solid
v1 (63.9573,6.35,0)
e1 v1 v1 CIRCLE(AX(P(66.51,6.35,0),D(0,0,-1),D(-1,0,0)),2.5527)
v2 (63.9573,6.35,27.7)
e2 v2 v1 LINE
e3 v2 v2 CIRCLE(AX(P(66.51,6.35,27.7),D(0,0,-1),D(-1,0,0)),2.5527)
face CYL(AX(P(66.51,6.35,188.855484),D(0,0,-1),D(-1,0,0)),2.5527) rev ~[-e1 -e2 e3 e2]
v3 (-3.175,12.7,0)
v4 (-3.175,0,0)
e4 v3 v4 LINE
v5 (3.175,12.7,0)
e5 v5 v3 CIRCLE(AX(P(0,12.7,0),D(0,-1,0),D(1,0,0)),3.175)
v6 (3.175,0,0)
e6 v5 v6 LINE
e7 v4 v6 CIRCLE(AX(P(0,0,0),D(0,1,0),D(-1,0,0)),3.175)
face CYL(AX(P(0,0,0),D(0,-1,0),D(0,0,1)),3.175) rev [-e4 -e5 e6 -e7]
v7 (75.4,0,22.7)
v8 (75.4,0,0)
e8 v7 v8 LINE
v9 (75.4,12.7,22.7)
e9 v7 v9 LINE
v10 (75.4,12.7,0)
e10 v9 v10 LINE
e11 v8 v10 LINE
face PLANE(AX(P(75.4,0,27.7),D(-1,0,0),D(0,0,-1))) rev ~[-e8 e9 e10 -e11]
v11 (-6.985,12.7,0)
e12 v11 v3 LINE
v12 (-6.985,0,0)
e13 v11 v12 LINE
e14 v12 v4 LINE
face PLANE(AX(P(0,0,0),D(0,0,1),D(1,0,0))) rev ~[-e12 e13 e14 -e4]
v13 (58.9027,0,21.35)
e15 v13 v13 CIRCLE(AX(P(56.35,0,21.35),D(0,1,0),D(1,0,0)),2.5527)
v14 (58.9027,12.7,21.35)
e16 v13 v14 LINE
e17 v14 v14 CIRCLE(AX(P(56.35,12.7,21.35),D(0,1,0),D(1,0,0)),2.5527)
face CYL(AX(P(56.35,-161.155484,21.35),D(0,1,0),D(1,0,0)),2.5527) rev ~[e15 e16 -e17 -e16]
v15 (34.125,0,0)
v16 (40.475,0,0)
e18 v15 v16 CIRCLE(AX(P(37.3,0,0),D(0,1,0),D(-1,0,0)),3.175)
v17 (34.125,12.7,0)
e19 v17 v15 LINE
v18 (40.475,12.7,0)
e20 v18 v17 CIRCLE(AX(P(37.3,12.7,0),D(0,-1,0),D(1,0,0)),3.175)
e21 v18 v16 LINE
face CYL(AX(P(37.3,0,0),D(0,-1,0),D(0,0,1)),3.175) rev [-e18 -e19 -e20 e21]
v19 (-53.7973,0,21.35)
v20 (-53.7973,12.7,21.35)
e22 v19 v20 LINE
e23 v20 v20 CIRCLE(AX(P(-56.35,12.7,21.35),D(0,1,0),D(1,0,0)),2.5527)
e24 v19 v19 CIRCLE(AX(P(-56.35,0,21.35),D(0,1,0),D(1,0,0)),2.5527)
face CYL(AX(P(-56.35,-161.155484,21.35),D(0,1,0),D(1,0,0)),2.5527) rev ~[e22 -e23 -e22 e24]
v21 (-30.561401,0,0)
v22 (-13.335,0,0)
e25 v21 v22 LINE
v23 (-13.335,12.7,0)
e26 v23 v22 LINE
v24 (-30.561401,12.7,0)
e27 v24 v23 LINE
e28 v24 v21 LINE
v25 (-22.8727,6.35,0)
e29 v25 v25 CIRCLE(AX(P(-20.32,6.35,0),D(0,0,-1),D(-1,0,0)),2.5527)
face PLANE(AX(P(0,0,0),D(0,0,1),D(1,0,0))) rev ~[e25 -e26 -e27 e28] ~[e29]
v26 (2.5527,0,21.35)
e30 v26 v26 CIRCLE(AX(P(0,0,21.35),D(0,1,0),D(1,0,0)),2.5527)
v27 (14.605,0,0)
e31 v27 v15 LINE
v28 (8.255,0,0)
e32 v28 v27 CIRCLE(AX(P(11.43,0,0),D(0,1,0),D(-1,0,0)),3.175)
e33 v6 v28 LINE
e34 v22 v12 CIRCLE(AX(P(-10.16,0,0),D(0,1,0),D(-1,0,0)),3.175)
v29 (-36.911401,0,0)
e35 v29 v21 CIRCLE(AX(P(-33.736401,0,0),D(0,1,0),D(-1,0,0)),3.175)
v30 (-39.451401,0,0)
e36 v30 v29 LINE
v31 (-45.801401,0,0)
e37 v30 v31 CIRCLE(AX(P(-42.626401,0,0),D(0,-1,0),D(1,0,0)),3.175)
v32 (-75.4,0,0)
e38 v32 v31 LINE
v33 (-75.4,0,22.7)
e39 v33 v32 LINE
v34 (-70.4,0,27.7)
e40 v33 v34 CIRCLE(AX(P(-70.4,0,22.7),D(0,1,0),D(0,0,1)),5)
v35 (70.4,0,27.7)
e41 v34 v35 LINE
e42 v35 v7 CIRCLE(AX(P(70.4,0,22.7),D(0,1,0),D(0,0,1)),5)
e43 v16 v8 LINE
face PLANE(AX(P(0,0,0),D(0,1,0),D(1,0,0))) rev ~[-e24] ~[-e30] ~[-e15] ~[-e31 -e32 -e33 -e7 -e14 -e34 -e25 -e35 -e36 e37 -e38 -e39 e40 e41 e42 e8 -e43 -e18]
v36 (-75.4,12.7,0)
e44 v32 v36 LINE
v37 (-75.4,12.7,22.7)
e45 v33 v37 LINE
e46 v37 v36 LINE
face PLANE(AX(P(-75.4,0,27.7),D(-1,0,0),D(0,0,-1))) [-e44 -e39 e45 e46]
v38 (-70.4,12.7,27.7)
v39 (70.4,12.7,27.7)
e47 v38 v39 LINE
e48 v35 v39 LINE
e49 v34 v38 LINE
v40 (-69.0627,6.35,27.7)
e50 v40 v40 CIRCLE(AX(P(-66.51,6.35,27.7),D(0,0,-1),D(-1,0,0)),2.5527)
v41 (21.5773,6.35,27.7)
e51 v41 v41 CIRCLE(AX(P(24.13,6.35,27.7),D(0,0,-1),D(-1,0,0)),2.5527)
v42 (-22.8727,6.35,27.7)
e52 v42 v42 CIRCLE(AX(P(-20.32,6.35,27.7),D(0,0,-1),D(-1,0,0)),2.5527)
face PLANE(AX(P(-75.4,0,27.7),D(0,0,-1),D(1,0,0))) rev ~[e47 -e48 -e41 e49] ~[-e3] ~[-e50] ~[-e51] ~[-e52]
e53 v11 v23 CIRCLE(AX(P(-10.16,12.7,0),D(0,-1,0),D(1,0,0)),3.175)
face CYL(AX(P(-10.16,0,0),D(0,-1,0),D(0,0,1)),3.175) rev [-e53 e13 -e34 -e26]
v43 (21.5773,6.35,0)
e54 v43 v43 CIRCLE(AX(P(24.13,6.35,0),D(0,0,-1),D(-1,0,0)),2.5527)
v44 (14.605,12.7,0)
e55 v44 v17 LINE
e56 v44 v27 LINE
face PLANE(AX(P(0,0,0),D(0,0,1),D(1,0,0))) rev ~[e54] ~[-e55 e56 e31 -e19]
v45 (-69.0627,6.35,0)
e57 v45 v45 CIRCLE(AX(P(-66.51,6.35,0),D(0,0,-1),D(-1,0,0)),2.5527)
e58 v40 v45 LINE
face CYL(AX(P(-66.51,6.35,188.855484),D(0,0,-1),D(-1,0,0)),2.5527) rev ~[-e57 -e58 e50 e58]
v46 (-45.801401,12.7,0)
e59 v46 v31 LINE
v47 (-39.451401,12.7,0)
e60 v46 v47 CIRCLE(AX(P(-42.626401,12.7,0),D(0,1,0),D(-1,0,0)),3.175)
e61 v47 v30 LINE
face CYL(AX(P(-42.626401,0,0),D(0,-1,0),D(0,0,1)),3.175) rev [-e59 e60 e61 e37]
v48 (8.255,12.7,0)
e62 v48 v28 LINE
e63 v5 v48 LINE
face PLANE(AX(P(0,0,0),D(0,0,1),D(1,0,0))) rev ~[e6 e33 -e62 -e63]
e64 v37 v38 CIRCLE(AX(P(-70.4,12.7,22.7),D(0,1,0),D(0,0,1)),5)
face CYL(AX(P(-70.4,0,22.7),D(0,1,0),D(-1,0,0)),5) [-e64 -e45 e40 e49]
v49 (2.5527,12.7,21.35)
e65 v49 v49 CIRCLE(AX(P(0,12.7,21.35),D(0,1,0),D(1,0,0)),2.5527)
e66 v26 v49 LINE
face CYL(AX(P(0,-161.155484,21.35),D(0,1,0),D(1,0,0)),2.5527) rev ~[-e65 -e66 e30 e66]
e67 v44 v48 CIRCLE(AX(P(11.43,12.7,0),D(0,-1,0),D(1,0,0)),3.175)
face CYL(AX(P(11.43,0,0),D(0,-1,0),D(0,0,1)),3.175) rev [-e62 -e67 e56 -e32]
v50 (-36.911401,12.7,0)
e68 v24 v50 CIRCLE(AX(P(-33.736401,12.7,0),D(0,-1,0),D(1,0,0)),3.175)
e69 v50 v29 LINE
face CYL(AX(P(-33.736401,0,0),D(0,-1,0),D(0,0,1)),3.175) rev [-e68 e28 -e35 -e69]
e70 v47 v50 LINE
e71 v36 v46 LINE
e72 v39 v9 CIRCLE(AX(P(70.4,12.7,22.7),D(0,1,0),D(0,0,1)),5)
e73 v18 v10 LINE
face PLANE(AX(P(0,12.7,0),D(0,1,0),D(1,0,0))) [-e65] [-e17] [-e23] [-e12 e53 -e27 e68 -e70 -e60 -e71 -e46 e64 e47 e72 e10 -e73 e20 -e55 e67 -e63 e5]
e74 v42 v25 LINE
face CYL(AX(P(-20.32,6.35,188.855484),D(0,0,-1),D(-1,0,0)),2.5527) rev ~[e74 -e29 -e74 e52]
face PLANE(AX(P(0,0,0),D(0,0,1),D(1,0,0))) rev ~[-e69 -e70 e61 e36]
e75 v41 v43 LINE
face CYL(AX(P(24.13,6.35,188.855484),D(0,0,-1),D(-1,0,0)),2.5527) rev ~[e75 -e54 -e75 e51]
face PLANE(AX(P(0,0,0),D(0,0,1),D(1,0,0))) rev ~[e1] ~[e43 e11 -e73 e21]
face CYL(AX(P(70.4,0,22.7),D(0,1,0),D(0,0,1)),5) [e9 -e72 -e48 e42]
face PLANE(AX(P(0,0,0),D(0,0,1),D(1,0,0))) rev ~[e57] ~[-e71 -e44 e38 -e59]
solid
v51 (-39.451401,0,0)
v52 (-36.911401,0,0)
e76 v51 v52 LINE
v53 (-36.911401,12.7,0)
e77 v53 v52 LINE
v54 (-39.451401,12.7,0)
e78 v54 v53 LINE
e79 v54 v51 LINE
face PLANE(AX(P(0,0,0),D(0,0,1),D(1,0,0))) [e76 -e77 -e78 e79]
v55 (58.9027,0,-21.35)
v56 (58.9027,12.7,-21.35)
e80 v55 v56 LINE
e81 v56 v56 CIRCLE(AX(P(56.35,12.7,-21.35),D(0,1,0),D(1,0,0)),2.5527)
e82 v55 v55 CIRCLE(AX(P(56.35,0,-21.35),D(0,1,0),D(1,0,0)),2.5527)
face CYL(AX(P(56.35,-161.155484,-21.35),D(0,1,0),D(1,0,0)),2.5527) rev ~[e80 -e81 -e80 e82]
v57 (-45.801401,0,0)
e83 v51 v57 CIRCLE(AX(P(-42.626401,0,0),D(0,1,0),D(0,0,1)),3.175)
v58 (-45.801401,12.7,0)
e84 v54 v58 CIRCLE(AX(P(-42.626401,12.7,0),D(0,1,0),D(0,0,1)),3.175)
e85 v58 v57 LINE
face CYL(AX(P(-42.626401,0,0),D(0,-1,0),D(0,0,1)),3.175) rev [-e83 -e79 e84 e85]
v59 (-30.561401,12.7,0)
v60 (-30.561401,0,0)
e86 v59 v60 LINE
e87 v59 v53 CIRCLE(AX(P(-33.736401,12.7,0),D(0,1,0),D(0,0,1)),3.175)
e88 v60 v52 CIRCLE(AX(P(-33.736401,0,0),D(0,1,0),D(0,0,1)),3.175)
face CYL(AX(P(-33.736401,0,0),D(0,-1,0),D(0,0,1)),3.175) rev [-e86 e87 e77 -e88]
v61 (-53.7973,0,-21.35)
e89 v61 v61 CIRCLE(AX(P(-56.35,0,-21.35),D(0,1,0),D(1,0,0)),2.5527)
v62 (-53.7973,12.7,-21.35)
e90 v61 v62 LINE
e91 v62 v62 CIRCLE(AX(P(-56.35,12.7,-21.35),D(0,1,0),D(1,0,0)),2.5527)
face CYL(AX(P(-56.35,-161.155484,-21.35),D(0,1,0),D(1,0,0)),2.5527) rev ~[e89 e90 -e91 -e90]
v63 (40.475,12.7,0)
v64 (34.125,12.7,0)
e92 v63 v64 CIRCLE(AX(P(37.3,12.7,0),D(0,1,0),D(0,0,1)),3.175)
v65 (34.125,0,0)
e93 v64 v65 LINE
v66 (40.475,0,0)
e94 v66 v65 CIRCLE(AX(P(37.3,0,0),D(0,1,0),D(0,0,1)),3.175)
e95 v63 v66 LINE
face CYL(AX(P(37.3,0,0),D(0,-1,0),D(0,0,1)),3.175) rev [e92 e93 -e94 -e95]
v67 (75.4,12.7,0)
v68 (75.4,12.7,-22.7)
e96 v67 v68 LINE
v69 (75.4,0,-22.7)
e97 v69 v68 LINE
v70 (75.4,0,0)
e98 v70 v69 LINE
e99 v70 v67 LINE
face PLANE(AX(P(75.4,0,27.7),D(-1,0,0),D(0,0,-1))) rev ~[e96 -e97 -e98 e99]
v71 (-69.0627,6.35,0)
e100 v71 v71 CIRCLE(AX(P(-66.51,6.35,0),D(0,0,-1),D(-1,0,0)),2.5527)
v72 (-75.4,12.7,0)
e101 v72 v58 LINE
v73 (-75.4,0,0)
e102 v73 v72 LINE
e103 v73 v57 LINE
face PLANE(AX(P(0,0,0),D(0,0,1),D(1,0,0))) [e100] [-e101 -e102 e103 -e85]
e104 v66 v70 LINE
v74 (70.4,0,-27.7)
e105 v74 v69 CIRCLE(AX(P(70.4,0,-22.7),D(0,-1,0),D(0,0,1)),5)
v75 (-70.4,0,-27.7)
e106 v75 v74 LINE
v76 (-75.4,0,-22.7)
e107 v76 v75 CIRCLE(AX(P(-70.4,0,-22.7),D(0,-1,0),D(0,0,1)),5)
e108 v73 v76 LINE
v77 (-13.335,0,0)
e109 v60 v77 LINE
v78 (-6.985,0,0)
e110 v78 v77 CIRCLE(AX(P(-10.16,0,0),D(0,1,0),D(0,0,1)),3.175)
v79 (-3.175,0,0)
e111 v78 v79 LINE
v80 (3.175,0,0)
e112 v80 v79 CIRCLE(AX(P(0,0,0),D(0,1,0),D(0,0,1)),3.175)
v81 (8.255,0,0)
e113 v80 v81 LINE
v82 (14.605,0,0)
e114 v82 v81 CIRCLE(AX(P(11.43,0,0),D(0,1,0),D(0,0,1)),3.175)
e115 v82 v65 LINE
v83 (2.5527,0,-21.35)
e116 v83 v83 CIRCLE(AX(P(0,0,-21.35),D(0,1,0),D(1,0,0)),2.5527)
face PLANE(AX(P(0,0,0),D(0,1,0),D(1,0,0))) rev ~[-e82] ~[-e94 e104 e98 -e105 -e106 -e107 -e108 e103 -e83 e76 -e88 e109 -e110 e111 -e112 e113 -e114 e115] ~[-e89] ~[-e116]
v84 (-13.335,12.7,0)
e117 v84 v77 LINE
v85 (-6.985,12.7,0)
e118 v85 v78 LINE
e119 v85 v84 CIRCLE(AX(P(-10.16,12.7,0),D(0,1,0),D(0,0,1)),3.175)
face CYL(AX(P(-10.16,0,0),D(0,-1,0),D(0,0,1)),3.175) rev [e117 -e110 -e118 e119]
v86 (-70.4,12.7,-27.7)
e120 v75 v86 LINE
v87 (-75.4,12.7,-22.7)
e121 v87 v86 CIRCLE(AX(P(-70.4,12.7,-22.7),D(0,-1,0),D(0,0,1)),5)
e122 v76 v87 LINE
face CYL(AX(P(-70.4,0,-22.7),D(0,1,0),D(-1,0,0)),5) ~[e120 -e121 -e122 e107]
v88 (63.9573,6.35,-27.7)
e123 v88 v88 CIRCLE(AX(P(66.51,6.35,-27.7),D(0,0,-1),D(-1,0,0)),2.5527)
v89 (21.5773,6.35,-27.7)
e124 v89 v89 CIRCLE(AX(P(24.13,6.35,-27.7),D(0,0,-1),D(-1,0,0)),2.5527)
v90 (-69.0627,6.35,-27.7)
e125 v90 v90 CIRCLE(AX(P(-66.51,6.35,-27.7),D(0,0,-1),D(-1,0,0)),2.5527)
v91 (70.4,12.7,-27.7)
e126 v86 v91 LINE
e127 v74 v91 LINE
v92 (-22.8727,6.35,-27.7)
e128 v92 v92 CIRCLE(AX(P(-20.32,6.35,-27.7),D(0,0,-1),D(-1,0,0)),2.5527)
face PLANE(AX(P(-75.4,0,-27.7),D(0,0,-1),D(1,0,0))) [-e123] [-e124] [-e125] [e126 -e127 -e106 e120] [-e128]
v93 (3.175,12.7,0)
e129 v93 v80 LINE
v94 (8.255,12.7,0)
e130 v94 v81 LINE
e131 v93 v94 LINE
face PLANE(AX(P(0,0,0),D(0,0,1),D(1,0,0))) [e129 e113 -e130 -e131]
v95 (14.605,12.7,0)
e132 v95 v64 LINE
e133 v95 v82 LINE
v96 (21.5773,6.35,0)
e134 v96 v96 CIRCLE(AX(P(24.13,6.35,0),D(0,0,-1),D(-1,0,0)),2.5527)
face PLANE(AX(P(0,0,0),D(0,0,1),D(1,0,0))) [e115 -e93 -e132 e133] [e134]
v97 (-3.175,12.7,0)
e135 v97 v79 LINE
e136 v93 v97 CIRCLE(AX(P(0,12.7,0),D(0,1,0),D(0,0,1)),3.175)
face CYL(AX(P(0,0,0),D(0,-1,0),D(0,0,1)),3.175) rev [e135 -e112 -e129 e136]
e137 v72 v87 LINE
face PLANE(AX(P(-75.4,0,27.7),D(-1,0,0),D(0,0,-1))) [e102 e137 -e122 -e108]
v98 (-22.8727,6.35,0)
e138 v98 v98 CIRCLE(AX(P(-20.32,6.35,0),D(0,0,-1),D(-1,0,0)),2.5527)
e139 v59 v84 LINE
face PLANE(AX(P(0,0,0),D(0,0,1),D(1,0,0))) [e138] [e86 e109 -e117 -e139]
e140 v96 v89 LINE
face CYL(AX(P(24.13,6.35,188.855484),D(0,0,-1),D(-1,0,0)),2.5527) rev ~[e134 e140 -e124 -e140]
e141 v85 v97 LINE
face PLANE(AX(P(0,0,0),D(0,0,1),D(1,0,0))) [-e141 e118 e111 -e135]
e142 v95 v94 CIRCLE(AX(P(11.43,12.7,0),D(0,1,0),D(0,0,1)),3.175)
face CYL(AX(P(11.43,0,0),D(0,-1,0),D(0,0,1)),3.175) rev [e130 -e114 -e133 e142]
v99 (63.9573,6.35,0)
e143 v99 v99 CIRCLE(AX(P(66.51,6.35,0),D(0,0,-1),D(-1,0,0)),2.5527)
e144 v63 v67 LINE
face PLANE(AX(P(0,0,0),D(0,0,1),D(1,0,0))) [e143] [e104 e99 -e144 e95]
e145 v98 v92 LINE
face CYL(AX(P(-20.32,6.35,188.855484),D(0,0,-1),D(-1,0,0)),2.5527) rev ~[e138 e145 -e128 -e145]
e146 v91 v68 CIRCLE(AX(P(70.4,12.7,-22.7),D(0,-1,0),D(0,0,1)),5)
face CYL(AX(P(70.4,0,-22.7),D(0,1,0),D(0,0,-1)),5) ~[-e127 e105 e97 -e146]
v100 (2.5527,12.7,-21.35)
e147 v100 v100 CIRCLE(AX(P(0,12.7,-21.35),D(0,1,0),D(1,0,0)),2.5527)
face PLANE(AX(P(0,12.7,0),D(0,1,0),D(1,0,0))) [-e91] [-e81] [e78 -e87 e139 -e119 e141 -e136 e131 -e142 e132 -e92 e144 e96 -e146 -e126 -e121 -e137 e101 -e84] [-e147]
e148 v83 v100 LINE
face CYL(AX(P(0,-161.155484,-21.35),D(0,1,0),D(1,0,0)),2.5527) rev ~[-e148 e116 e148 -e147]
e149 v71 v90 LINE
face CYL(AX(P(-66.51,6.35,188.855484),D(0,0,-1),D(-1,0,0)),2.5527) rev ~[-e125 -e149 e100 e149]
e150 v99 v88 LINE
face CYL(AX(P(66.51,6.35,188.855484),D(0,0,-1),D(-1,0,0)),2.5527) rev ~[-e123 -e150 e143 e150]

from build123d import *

# Parameters (mm, degrees)
SKETCH1_W              = 150.8
SKETCH1_H              = 55.4
BOSS_EXTRUDE1_DEPTH    = 12.7
FILLET1_R              = 5
F_10_CLEARANCE_HOLE1_D = 5.1054
BOSS_EXTRUDE2_START    = -12.7
SKETCH5_R              = 3.175
BOSS_EXTRUDE2_DEPTH    = 12.7
F_10_CLEARANCE_HOLE2_D = 5.1054


with BuildPart() as part:
    # Sketch1 → Boss-Extrude1 (new body)
    with BuildSketch(Plane(origin=(0, 0, 0), x_dir=(1, 0, 0), z_dir=(0, 1, 0))):
        Rectangle(SKETCH1_W, SKETCH1_H)
        with BuildLine():
            Line((45, 15), (-45, 15))
            ThreePointArc((-45, 15), (-48.535533906, 13.535533906), (-50, 10))
            Line((-50, 10), (-50, -10))
            ThreePointArc((-50, -10), (-48.535533906, -13.535533906), (-45, -15))
            Line((-45, -15), (45, -15))
            ThreePointArc((45, -15), (48.535533906, -13.535533906), (50, -10))
            Line((50, -10), (50, 10))
            ThreePointArc((50, 10), (48.535533906, 13.535533906), (45, 15))
        make_face(mode=Mode.SUBTRACT)
    extrude(amount=BOSS_EXTRUDE1_DEPTH)

    # Fillet1
    fillet1_edges = [part.edges().sort_by_distance(p)[0] for p in [
        (75.4, 6.35, 27.7),
        (-75.4, 6.35, 27.7),
        (-75.4, 6.35, -27.7),
        (75.4, 6.35, -27.7),
    ]]
    fillet(fillet1_edges, radius=FILLET1_R)

    # #10 Clearance Hole1 (through all)
    with Locations(Plane(origin=(0, 0, 0), x_dir=(-1, 0, 0), z_dir=(0, -1, 0))):
        with Locations((56.35, 21.35), (0, 21.35), (-56.35, 21.35), (-56.35, -21.35), (0, -21.35), (56.35, -21.35)):
            Hole(F_10_CLEARANCE_HOLE1_D / 2)

    # Sketch5 → Boss-Extrude2 (add)
    with BuildSketch(Plane(origin=(0, 12.7, 0), x_dir=(1, 0, 0), z_dir=(0, 1, 0)).offset(BOSS_EXTRUDE2_START)):
        with BuildLine():
            Line((-50, 10), (-50, -10))
            ThreePointArc((-50, -10), (-48.535533906, -13.535533906), (-45, -15))
            Line((-45, -15), (45, -15))
            ThreePointArc((45, -15), (48.535533906, -13.535533906), (50, -10))
            Line((50, -10), (50, 10))
            ThreePointArc((50, 10), (48.535533906, 13.535533906), (45, 15))
            Line((45, 15), (-45, 15))
            ThreePointArc((-45, 15), (-48.535533906, 13.535533906), (-50, 10))
        make_face()
        with Locations(Location((-42.626400921, 0, 0), (0, 0, 270))):
            Circle(SKETCH5_R, mode=Mode.SUBTRACT)
        with Locations(Location((-33.736400921, 0, 0), (0, 0, 270))):
            Circle(SKETCH5_R, mode=Mode.SUBTRACT)
        with Locations(Location((-10.16, 0, 0), (0, 0, 270))):
            Circle(SKETCH5_R, mode=Mode.SUBTRACT)
        with Locations(Location((0, 0, 0), (0, 0, 270))):
            Circle(SKETCH5_R, mode=Mode.SUBTRACT)
        with Locations(Location((37.3, 0, 0), (0, 0, 270))):
            Circle(SKETCH5_R, mode=Mode.SUBTRACT)
        with Locations(Location((11.43, 0, 0), (0, 0, 270))):
            Circle(SKETCH5_R, mode=Mode.SUBTRACT)
    extrude(amount=BOSS_EXTRUDE2_DEPTH)

    # #10 Clearance Hole2 (through all)
    with Locations(Plane.XY.offset(27.7)):
        with Locations((66.51, 6.35), (-66.51, 6.35), (-20.32, 6.35), (24.13, 6.35)):
            Hole(F_10_CLEARANCE_HOLE2_D / 2)


with BuildPart() as body_2:
    # Split2: the piece on the far side of the plane
    add(part.part)
    split(bisect_by=Plane.XY, keep=Keep.BOTTOM)


with BuildPart() as part_1:
    add(part.part)

    # Split2
    split(bisect_by=Plane.XY, keep=Keep.TOP)


solid = Compound([body_2.part, part_1.part])
